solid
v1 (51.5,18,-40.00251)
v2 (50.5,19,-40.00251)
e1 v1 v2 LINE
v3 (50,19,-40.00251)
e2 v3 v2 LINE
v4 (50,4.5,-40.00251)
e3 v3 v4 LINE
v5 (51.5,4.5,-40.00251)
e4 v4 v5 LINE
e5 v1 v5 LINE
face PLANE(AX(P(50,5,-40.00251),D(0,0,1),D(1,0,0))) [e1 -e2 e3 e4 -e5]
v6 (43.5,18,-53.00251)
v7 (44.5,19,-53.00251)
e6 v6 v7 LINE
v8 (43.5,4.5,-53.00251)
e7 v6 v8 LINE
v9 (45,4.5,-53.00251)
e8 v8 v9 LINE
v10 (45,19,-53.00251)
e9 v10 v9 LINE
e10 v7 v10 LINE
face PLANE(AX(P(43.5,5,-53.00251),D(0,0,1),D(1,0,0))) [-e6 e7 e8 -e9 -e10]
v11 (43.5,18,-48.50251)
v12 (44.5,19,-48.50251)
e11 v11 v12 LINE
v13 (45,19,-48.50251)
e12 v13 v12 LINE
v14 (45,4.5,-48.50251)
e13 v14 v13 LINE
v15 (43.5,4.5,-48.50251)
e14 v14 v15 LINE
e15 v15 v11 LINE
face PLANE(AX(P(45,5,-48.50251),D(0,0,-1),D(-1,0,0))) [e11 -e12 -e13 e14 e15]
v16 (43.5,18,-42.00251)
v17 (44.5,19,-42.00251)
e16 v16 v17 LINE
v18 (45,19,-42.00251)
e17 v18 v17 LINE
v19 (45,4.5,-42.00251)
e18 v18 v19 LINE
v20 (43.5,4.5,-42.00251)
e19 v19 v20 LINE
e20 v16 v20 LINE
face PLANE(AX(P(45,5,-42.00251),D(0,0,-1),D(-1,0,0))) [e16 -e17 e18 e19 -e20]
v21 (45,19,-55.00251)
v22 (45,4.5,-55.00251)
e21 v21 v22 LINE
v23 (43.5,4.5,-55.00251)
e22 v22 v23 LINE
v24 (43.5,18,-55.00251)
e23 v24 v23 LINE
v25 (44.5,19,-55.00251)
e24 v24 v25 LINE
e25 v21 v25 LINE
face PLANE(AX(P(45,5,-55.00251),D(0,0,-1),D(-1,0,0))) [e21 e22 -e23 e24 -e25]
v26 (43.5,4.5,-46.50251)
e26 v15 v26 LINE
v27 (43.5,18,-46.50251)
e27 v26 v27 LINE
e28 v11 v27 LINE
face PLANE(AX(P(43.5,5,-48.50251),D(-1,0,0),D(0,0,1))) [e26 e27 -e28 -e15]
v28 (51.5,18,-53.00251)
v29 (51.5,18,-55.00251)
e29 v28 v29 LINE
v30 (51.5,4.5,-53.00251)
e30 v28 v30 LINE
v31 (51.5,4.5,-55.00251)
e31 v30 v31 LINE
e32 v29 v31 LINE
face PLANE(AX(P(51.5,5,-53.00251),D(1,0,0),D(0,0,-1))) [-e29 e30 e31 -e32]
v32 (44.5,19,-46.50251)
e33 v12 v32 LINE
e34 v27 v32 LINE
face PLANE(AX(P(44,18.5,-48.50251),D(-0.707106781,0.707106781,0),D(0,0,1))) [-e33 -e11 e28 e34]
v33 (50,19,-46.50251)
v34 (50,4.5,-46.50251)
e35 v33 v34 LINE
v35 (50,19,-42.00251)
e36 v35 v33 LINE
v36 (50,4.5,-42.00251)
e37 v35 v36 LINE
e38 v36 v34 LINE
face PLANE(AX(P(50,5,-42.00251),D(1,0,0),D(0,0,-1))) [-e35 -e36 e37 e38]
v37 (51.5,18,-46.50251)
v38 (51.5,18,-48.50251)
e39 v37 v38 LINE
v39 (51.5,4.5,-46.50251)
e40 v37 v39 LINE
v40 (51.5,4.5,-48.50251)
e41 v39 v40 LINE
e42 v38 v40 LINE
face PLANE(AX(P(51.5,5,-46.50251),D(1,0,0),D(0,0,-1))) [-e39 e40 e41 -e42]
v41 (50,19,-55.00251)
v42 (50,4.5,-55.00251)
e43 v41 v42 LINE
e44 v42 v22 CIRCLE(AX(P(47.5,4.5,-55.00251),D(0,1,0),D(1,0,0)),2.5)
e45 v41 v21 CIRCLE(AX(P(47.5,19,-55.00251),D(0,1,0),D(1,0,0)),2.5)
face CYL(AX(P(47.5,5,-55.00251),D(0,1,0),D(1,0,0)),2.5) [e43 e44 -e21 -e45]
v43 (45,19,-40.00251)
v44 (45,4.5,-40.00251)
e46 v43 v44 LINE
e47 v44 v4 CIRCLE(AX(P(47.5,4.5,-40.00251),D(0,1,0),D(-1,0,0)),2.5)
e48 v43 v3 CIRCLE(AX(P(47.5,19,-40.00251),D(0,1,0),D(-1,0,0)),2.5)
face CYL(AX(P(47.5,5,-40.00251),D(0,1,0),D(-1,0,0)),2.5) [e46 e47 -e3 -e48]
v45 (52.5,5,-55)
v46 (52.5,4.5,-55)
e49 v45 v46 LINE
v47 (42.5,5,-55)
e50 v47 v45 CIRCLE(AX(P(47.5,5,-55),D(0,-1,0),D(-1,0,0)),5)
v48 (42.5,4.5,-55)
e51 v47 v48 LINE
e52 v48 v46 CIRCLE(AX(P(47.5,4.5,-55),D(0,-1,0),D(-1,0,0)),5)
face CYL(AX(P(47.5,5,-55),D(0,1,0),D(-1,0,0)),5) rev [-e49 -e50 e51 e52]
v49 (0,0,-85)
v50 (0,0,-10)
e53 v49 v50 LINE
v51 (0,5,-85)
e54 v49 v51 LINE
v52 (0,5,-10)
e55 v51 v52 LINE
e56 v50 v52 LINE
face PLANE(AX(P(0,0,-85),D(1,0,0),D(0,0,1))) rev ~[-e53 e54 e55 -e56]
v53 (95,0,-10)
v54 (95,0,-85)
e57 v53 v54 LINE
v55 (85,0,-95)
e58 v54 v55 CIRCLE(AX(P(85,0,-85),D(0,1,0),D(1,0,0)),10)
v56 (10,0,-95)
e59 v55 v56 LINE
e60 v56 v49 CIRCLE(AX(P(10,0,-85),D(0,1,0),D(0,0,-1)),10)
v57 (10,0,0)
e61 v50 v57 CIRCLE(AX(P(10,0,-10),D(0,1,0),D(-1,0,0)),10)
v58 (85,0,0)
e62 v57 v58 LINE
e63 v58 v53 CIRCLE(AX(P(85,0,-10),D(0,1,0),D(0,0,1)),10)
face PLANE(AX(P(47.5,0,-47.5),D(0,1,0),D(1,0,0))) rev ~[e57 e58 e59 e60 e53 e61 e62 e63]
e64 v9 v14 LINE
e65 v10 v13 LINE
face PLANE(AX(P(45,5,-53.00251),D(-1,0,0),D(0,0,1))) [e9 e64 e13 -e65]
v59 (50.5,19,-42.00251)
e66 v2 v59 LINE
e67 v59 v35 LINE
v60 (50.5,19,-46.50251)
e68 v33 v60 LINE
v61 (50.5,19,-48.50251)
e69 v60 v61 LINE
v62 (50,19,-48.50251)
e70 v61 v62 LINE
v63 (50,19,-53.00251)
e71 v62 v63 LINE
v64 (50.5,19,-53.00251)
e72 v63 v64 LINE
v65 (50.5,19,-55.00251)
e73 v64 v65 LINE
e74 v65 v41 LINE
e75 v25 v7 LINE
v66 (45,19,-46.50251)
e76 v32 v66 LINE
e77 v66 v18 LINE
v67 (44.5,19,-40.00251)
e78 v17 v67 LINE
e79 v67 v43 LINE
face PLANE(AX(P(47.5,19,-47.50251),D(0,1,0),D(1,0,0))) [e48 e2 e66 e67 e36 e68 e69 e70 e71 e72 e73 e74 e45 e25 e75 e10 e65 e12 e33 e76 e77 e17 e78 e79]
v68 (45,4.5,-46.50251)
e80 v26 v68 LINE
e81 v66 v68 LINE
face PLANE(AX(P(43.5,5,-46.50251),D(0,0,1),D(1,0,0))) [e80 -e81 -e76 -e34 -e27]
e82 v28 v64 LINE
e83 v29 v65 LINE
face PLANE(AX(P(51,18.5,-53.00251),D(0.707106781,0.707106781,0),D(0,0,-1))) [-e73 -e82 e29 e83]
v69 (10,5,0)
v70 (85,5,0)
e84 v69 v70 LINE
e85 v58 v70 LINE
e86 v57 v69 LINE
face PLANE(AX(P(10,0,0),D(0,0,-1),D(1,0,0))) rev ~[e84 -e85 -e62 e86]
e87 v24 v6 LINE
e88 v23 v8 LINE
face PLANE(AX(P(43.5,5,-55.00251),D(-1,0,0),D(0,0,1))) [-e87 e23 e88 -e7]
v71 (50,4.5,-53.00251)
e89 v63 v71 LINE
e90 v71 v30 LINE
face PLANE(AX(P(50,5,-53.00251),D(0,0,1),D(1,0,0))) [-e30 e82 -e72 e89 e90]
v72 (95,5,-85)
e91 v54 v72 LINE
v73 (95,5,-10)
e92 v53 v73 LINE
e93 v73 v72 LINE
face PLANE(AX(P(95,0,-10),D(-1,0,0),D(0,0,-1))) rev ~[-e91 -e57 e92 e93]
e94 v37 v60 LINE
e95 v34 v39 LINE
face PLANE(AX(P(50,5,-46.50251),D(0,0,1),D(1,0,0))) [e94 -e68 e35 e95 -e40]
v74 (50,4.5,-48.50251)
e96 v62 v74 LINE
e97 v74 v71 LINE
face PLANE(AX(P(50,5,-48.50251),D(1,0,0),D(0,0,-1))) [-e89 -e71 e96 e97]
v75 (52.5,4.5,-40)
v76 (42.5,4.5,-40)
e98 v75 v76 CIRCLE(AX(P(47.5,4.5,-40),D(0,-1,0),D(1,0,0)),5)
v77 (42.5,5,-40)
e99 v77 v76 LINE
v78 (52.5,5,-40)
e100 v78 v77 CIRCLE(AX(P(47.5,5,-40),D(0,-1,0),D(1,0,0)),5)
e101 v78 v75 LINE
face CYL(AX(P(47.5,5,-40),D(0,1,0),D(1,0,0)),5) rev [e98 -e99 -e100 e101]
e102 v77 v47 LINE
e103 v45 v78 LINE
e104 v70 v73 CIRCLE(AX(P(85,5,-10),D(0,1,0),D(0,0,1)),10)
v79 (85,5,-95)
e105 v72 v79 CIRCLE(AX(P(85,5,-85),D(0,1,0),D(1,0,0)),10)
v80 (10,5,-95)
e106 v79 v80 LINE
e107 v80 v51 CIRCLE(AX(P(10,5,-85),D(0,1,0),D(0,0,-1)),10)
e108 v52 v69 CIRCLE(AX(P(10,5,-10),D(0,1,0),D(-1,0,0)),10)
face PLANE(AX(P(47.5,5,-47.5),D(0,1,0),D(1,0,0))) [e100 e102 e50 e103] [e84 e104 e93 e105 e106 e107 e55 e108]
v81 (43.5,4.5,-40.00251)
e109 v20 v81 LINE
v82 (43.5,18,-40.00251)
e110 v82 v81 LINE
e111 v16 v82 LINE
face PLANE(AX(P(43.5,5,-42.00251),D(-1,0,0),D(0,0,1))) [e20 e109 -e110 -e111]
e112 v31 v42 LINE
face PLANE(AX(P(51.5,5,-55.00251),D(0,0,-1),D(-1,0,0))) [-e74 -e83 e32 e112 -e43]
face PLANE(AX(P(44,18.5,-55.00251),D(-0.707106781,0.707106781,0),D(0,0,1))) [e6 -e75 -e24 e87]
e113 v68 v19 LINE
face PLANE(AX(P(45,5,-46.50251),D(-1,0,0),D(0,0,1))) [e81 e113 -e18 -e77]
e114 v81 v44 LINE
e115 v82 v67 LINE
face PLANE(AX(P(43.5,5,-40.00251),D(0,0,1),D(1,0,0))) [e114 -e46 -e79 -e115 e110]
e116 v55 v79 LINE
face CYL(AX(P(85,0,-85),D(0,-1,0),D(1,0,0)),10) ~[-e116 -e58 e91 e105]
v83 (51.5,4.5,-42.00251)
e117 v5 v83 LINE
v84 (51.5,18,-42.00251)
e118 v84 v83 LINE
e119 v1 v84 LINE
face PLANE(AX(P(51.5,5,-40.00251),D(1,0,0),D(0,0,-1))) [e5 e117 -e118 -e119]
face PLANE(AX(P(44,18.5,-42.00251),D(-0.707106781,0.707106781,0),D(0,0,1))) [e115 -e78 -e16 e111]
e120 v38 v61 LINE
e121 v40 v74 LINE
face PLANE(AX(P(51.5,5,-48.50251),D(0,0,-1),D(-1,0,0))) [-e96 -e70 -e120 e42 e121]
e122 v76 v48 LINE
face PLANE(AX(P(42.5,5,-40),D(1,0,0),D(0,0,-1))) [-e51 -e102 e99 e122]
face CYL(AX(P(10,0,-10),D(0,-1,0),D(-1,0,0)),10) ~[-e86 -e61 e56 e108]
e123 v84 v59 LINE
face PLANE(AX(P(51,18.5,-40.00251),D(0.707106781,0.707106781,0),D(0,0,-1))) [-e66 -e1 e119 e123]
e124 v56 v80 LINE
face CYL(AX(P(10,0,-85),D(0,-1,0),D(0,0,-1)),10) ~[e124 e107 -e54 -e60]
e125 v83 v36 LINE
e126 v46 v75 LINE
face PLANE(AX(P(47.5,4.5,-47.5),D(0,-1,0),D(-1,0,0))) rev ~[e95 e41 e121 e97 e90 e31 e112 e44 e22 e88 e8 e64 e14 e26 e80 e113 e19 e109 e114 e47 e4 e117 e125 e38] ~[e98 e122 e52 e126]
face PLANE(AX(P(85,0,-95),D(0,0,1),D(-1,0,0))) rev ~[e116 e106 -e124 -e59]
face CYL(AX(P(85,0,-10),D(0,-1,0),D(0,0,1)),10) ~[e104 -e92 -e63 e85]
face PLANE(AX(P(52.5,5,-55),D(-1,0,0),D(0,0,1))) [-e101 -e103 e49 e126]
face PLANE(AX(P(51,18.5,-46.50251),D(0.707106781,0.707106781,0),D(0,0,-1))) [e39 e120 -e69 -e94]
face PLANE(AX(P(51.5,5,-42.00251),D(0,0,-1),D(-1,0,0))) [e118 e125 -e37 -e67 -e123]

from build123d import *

# Parameters (mm, degrees)
BOSS_EXTRUDE1_DEPTH             = 5
CUT_EXTRUDE1_DEPTH              = 0.5
BOSS_EXTRUDE2_DEPTH             = 14
BOSS_EXTRUDE2_DIRECTION_2_REACH = 7
CHAMFER2_SIZE                   = 1


with BuildPart() as part:
    # Sketch1 → Boss-Extrude1 (new body)
    with BuildSketch(Plane(origin=(0, 0, 0), x_dir=(1, 0, 0), z_dir=(0, 1, 0))):
        with BuildLine():
            Line((10, 0), (85, 0))
            ThreePointArc((85, 0), (92.071067812, 2.928932188), (95, 10))
            Line((95, 10), (95, 85))
            ThreePointArc((95, 85), (92.071067812, 92.071067812), (85, 95))
            Line((85, 95), (10, 95))
            ThreePointArc((10, 95), (2.928932188, 92.071067812), (0, 85))
            Line((0, 85), (0, 10))
            ThreePointArc((0, 10), (2.928932188, 2.928932188), (10, 0))
        make_face()
    extrude(amount=BOSS_EXTRUDE1_DEPTH)

    # Sketch4 → Cut-Extrude1 (cut)
    with BuildSketch(Plane(origin=(0, 5, 0), x_dir=(1, 0, 0), z_dir=(0, 1, 0))):
        with BuildLine():
            Line((52.5, 55), (52.5, 40))
            ThreePointArc((52.5, 40), (47.5, 35), (42.5, 40))
            Line((42.5, 40), (42.5, 55))
            ThreePointArc((42.5, 55), (47.5, 60), (52.5, 55))
        make_face()
    extrude(amount=-CUT_EXTRUDE1_DEPTH, mode=Mode.SUBTRACT)

    # Sketch3 → Boss-Extrude2 (add)
    with BuildSketch(Plane(origin=(0, 5, 0), x_dir=(1, 0, 0), z_dir=(0, 1, 0))):
        with BuildLine():
            Line((45, 53.002509929), (45, 48.502509929))
            Line((45, 48.502509929), (43.5, 48.502509929))
            Line((43.5, 48.502509929), (43.5, 46.502509929))
            Line((43.5, 46.502509929), (45, 46.502509929))
            Line((45, 46.502509929), (45, 42.002509929))
            Line((45, 42.002509929), (43.5, 42.002509929))
            Line((43.5, 42.002509929), (43.5, 40.002509929))
            Line((43.5, 40.002509929), (45, 40.002509929))
            ThreePointArc((45, 40.002509929), (47.5, 37.502509929), (50, 40.002509929))
            Line((50, 40.002509929), (51.5, 40.002509929))
            Line((51.5, 40.002509929), (51.5, 42.002509929))
            Line((51.5, 42.002509929), (50, 42.002509929))
            Line((50, 42.002509929), (50, 46.502509929))
            Line((50, 46.502509929), (51.5, 46.502509929))
            Line((51.5, 46.502509929), (51.5, 48.502509929))
            Line((51.5, 48.502509929), (50, 48.502509929))
            Line((50, 48.502509929), (50, 53.002509929))
            Line((50, 53.002509929), (51.5, 53.002509929))
            Line((51.5, 53.002509929), (51.5, 55.002509929))
            Line((51.5, 55.002509929), (50, 55.002509929))
            ThreePointArc((50, 55.002509929), (47.5, 57.502509929), (45, 55.002509929))
            Line((45, 55.002509929), (43.5, 55.002509929))
            Line((43.5, 55.002509929), (43.5, 53.002509929))
            Line((43.5, 53.002509929), (45, 53.002509929))
        make_face()
    extrude(amount=BOSS_EXTRUDE2_DEPTH)

    # Sketch3 → Boss-Extrude2 direction 2 (add, up to next)
    with BuildSketch(Plane(origin=(0, 5, 0), x_dir=(1, 0, 0), z_dir=(0, 1, 0)), mode=Mode.PRIVATE) as boss_extrude2_direction_2_sk1:
        with BuildLine():
            Line((45, 53.002509929), (45, 48.502509929))
            Line((45, 48.502509929), (43.5, 48.502509929))
            Line((43.5, 48.502509929), (43.5, 46.502509929))
            Line((43.5, 46.502509929), (45, 46.502509929))
            Line((45, 46.502509929), (45, 42.002509929))
            Line((45, 42.002509929), (43.5, 42.002509929))
            Line((43.5, 42.002509929), (43.5, 40.002509929))
            Line((43.5, 40.002509929), (45, 40.002509929))
            ThreePointArc((45, 40.002509929), (47.5, 37.502509929), (50, 40.002509929))
            Line((50, 40.002509929), (51.5, 40.002509929))
            Line((51.5, 40.002509929), (51.5, 42.002509929))
            Line((51.5, 42.002509929), (50, 42.002509929))
            Line((50, 42.002509929), (50, 46.502509929))
            Line((50, 46.502509929), (51.5, 46.502509929))
            Line((51.5, 46.502509929), (51.5, 48.502509929))
            Line((51.5, 48.502509929), (50, 48.502509929))
            Line((50, 48.502509929), (50, 53.002509929))
            Line((50, 53.002509929), (51.5, 53.002509929))
            Line((51.5, 53.002509929), (51.5, 55.002509929))
            Line((51.5, 55.002509929), (50, 55.002509929))
            ThreePointArc((50, 55.002509929), (47.5, 57.502509929), (45, 55.002509929))
            Line((45, 55.002509929), (43.5, 55.002509929))
            Line((43.5, 55.002509929), (43.5, 53.002509929))
            Line((43.5, 53.002509929), (45, 53.002509929))
        make_face()
    boss_extrude2_direction_2_tool1 = extrude(boss_extrude2_direction_2_sk1.sketch, amount=-BOSS_EXTRUDE2_DIRECTION_2_REACH, mode=Mode.PRIVATE) - part.part
    add(boss_extrude2_direction_2_tool1.solids().sort_by_distance((47.5, 5, -47.50251))[0])

    # Chamfer2
    chamfer2_edges = [part.edges().sort_by_distance(p)[0] for p in [
        (43.5, 19, -47.502509929),
        (43.5, 19, -41.002509929),
        (51.5, 19, -41.002509929),
        (51.5, 19, -47.502509929),
        (51.5, 19, -54.002509929),
        (43.5, 19, -54.002509929),
    ]]
    chamfer(chamfer2_edges, length=CHAMFER2_SIZE)


solid = part.part
